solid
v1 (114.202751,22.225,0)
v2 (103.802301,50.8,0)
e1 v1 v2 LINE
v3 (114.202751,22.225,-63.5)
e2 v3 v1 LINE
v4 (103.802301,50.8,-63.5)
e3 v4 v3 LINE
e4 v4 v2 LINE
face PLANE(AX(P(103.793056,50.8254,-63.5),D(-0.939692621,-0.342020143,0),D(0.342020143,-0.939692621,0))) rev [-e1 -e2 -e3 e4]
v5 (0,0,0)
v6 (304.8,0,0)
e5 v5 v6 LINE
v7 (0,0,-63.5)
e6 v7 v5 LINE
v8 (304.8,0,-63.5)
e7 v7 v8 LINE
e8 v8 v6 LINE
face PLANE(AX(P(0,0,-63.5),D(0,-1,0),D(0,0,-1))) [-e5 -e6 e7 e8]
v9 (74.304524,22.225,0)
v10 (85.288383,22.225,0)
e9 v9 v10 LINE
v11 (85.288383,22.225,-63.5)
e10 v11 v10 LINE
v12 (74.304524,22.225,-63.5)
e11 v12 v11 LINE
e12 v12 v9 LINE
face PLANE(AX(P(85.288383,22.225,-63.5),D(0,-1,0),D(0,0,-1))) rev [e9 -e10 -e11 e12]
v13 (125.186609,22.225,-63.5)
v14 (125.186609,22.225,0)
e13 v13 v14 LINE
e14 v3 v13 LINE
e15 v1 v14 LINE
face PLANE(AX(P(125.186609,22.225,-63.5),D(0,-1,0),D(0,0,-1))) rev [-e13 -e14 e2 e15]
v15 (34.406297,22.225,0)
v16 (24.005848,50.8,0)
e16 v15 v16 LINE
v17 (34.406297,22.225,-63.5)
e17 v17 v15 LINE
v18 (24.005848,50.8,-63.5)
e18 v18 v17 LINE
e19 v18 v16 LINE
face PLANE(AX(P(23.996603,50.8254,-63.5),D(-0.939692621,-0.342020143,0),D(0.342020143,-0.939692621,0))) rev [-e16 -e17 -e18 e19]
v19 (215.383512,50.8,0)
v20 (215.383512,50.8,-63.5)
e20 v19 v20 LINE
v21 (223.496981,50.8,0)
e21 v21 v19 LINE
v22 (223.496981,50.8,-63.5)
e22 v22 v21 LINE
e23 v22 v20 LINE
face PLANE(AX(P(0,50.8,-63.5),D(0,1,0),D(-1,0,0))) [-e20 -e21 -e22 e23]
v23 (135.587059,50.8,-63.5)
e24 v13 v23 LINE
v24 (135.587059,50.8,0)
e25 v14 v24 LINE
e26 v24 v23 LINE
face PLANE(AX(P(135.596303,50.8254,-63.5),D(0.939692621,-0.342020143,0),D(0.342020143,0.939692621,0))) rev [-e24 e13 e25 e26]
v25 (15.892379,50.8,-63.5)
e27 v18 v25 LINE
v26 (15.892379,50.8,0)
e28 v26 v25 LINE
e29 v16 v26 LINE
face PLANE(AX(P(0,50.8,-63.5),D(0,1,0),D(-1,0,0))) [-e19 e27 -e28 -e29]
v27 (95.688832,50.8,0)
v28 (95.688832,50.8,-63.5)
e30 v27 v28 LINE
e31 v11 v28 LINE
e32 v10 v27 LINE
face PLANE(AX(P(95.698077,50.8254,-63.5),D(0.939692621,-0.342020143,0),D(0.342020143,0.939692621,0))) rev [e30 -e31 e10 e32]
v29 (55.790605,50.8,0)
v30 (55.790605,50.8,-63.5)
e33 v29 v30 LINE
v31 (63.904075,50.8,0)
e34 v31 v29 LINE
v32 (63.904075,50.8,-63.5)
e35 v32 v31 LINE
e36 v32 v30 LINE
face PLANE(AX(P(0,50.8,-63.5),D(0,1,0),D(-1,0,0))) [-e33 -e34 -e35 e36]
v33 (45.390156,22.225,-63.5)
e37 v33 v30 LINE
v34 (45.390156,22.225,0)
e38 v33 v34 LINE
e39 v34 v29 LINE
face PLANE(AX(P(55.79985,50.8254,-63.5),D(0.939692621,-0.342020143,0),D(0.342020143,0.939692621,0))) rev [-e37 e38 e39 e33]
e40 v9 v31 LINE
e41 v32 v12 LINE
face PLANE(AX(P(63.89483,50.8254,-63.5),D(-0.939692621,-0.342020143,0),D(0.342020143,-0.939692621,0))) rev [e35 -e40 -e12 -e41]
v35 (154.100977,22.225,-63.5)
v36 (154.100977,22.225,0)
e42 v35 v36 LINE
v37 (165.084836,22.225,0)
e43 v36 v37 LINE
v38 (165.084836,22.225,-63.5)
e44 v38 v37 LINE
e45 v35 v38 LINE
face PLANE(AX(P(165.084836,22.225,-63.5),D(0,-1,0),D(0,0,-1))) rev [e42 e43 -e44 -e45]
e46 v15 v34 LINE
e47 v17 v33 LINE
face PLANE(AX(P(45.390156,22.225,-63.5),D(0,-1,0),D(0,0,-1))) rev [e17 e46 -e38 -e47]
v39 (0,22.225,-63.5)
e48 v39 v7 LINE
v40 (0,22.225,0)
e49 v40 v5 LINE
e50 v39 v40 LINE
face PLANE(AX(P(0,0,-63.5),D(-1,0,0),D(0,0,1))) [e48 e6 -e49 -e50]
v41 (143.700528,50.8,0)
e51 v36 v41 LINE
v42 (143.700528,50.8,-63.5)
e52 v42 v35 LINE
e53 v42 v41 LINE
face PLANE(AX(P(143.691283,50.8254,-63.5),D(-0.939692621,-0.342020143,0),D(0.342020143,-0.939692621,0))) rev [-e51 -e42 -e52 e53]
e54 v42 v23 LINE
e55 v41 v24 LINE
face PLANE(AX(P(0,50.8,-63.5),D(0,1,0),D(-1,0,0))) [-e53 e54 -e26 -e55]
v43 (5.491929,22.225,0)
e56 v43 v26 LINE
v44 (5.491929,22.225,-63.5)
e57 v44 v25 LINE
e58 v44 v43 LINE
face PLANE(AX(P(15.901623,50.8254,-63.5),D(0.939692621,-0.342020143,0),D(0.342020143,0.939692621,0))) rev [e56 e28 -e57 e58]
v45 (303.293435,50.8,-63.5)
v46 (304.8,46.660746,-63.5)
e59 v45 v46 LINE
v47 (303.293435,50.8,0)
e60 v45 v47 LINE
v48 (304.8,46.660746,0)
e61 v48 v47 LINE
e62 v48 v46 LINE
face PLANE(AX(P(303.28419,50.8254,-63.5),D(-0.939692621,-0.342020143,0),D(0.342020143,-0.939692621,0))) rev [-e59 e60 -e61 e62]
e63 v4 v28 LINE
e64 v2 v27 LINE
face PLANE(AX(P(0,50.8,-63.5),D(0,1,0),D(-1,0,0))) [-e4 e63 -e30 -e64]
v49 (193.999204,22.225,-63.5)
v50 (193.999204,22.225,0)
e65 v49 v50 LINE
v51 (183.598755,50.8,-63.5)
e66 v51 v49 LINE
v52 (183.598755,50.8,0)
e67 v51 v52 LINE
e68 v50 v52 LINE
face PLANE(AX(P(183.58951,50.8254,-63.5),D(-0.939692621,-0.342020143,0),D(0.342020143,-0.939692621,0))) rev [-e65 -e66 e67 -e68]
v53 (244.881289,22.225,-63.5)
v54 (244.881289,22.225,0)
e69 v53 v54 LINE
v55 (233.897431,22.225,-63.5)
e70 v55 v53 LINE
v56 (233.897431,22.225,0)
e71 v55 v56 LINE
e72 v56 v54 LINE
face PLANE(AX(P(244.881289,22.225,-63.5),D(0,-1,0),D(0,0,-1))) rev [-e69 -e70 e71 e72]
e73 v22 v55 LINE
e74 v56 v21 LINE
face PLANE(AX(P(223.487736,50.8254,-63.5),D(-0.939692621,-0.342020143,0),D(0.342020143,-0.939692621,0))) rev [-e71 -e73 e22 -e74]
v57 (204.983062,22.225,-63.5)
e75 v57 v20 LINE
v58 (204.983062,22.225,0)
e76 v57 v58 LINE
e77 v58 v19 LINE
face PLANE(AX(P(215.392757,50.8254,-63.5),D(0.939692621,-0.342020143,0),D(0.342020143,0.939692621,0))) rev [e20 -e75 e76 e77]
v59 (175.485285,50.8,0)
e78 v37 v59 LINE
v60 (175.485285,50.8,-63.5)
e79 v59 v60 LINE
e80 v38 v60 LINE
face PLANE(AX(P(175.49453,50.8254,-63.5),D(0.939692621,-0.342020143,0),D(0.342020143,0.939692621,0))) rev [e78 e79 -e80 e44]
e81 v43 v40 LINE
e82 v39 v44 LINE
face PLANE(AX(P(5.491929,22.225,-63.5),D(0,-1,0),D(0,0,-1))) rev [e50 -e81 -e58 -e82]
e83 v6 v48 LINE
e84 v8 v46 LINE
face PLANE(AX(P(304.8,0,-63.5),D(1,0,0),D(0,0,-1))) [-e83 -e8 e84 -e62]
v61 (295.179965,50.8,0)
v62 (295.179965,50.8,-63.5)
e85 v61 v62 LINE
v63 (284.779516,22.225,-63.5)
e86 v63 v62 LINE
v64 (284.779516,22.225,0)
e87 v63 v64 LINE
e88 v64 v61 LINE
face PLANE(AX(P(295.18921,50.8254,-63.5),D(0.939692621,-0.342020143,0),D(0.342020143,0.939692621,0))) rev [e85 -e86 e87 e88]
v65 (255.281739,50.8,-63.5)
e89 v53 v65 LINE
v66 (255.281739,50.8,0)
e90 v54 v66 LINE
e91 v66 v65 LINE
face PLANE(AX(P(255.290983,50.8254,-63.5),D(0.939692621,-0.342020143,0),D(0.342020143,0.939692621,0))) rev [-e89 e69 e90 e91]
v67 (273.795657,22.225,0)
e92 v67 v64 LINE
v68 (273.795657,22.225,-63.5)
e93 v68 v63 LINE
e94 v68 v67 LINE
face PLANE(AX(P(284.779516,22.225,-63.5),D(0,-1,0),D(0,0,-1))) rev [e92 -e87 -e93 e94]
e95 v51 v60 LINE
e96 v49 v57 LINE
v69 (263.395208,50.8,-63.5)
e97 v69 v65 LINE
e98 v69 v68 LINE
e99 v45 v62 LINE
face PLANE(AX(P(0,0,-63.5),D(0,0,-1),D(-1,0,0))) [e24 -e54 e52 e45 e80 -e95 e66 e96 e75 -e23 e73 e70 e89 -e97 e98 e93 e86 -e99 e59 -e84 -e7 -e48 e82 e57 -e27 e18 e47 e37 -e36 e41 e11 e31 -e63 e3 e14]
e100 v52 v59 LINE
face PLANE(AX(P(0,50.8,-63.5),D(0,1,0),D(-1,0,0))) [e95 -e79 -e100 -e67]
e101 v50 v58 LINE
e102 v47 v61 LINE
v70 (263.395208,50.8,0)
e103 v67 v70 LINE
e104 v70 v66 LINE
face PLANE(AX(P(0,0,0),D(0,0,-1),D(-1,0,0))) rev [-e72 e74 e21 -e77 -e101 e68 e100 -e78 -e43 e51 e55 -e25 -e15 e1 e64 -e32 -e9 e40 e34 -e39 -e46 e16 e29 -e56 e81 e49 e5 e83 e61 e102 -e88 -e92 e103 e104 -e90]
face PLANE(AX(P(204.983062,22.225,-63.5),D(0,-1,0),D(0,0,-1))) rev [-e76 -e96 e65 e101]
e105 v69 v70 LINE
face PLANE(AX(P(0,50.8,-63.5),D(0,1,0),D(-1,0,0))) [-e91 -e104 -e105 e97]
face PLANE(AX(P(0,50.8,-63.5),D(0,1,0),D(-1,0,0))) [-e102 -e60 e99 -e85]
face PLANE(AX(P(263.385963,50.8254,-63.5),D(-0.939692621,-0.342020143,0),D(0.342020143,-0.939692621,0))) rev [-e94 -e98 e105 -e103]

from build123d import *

# Parameters (mm, degrees)
BLANKSKE_W        = 304.8
BLANKSKE_H        = 50.8
BLANK_DEPTH       = 63.5
TOOTHCUTSIM_DEPTH = 316.461455649
TEETHCUTS_COUNT   = 9
TEETHCUTS_PITCH   = 39.898226655


with BuildPart() as part:
    # BlankSke → Blank (new body)
    with BuildSketch(Plane.XY):
        with Locations((152.4, 25.4)):
            Rectangle(BLANKSKE_W, BLANKSKE_H)
    extrude(amount=-BLANK_DEPTH)

    # TooCutSkeSim → ToothCutSim (cut, through all)
    with BuildSketch(Plane.XY):
        Polygon((5.491929195, 22.225), (-5.491929195, 22.225), (-15.901623483, 50.8254), (15.901623483, 50.8254), align=None)
    toothcutsim = extrude(amount=-TOOTHCUTSIM_DEPTH, mode=Mode.SUBTRACT)

    # TeethCuts: ToothCutSim ×9
    with Locations(*[(i * TEETHCUTS_PITCH, 0, 0) for i in range(1, TEETHCUTS_COUNT)]):
        add(toothcutsim, mode=Mode.SUBTRACT)


solid = part.part
